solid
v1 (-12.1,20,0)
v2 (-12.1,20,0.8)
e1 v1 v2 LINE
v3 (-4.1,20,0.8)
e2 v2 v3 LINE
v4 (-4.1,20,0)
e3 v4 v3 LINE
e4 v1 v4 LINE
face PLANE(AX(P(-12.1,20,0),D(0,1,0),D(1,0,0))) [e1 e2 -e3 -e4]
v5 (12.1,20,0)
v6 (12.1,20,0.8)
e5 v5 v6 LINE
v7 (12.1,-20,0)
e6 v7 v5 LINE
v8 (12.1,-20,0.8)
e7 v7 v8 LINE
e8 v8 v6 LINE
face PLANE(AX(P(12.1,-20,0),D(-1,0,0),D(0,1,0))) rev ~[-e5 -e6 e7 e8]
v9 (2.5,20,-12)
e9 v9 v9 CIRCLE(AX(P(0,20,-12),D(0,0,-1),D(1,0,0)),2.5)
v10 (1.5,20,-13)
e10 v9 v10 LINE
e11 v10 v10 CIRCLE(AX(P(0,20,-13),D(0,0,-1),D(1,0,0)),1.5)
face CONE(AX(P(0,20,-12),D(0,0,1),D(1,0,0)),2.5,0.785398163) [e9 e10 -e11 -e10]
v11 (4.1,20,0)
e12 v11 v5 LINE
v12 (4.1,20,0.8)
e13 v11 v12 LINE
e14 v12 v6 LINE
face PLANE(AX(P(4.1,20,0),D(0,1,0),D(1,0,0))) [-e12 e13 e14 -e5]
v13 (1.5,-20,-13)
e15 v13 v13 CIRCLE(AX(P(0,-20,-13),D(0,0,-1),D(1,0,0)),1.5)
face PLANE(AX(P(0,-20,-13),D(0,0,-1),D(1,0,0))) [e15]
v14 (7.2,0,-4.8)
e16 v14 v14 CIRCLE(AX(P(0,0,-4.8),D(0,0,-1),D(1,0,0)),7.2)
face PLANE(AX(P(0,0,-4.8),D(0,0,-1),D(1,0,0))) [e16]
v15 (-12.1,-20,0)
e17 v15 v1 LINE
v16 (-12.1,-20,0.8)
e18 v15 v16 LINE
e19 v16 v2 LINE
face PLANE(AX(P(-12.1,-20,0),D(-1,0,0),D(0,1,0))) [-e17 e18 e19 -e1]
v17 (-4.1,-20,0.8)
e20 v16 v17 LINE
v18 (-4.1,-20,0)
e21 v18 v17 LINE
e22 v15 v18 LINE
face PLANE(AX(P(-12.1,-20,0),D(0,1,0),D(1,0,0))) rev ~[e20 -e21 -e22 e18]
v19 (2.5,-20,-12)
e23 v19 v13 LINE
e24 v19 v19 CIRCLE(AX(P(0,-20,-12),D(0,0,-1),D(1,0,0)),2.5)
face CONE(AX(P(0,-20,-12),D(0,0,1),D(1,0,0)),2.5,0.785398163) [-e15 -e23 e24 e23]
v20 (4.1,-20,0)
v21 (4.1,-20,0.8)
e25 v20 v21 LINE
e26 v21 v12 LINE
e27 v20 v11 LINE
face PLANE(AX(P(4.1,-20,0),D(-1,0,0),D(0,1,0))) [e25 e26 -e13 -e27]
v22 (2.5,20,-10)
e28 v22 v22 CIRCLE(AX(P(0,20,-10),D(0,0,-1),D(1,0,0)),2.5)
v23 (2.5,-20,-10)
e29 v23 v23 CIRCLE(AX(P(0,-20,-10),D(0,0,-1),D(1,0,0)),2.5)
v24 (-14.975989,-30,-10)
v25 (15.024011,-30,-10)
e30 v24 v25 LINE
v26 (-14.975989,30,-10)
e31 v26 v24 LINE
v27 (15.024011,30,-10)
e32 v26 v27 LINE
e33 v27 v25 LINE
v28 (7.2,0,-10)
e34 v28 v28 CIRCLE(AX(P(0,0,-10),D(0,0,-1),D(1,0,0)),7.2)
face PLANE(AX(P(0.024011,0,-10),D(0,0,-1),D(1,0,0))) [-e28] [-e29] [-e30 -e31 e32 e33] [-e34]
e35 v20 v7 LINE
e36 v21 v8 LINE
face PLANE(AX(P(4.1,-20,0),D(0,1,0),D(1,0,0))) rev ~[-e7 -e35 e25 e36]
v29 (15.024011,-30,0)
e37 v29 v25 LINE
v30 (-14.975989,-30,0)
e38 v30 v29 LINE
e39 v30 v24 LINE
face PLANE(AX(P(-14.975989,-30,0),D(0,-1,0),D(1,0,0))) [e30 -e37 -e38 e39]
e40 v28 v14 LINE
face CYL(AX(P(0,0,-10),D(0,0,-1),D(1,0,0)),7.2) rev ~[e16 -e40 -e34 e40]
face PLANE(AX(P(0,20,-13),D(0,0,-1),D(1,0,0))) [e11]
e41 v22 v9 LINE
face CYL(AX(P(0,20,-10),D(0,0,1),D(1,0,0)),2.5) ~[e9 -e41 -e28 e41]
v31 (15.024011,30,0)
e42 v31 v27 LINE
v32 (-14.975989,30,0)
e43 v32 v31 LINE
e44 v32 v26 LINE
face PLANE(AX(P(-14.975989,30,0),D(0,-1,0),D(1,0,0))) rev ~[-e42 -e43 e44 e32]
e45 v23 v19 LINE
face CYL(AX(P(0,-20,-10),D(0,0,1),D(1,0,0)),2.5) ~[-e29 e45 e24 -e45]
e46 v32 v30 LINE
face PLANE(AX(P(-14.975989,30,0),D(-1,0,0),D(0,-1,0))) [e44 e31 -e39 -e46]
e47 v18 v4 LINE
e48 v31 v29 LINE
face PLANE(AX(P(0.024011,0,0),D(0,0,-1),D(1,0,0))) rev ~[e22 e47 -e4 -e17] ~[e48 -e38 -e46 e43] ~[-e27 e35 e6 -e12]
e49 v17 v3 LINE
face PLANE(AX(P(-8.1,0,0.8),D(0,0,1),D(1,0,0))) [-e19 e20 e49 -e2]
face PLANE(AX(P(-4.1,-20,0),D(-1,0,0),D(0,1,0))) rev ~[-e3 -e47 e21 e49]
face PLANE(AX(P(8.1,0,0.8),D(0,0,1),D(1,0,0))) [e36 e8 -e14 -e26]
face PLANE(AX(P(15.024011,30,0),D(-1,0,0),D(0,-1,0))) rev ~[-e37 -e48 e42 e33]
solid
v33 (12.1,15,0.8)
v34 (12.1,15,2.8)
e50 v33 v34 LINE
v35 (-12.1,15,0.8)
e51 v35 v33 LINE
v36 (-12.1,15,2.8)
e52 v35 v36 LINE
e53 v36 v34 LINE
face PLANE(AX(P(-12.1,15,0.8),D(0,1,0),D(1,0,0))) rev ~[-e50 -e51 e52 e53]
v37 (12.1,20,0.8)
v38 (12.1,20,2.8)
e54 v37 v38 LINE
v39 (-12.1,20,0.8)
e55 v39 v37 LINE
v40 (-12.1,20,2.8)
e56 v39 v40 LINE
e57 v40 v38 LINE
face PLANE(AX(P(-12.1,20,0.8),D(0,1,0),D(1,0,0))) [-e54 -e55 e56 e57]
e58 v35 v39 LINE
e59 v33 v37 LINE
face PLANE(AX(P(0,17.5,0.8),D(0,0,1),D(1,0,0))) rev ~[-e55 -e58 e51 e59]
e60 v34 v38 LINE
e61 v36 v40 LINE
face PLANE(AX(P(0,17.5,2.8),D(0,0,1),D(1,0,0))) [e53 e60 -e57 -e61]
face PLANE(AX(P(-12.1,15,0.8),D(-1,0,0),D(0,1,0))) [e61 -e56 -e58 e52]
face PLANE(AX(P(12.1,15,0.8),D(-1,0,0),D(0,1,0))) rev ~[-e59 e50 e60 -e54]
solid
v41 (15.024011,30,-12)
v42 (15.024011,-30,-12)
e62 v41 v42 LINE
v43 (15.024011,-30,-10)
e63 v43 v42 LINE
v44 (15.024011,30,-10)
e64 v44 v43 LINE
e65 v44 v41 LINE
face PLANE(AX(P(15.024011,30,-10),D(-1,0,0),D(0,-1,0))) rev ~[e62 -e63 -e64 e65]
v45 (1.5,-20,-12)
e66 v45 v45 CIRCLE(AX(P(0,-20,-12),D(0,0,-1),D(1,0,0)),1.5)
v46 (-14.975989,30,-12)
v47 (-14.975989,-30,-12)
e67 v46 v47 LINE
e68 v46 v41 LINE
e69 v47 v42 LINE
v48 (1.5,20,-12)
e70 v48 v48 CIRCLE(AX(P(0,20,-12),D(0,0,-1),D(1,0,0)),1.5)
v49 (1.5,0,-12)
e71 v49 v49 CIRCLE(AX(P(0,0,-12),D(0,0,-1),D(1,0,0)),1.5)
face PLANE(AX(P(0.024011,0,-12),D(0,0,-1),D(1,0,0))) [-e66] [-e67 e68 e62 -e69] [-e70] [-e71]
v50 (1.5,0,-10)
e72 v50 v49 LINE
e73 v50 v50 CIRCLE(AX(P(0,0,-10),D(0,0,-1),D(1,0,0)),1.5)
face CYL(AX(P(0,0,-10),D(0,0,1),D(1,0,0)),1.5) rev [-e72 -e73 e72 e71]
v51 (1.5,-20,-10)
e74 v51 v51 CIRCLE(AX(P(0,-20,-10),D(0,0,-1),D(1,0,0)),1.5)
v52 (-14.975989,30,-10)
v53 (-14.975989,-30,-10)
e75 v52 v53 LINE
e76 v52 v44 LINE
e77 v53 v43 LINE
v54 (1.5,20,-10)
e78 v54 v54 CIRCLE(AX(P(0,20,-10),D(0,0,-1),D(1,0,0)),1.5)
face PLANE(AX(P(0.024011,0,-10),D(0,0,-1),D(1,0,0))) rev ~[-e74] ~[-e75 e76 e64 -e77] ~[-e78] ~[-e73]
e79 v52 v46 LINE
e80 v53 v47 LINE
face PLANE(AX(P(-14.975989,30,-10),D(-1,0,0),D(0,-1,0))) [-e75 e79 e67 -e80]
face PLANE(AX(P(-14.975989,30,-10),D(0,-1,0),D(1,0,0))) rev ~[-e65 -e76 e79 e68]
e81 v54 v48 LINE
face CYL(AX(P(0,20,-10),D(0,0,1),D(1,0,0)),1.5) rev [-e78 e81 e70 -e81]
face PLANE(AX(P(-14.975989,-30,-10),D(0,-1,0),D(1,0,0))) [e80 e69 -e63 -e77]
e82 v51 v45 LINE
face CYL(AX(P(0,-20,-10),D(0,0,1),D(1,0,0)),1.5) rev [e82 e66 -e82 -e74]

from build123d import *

# Parameters (mm, degrees)
F0_W      = 8
F0_H      = 40
F1_DEPTH  = 0.8
F2_W      = 30
F2_H      = 60
F3_DEPTH  = 10
F4_W      = 24.2
F4_H      = 5
F5_DEPTH  = 2
F6_R      = 7.2
F7_DEPTH  = 5.2
F8_R      = 2.5
F9_DEPTH  = 3
F10_SIZE  = 1
F11_W     = 30
F11_H     = 60
F11_R     = 1.5
F12_DEPTH = 2


with BuildPart() as f1:
    # F0 (on Top) → F1 (new body)
    with BuildSketch(Plane.XY):
        with Locations((-8.1, 0)):
            Rectangle(F0_W, F0_H)
        with Locations((8.1, 0)):
            Rectangle(F0_W, F0_H)
    extrude(amount=F1_DEPTH)

    # F2 (on face) → F3 (join)
    with BuildSketch(Plane(origin=(0, 0, 0), x_dir=(1, 0, 0), z_dir=(0, 0, -1))):
        with Locations((0.024011, 0)):
            Rectangle(F2_W, F2_H)
    extrude(amount=F3_DEPTH)

    # F6 (on face) → F7 (cut)
    with BuildSketch(Plane(origin=(0, 0, -10), x_dir=(1, 0, 0), z_dir=(0, 0, -1))):
        Circle(F6_R)
    extrude(amount=-F7_DEPTH, mode=Mode.SUBTRACT)

    # F8 (on face) → F9 (join)
    with BuildSketch(Plane(origin=(0, 0, -10), x_dir=(1, 0, 0), z_dir=(0, 0, -1))):
        with Locations((0, 20)):
            Circle(F8_R)
        with Locations((0, -20)):
            Circle(F8_R)
    extrude(amount=F9_DEPTH)

    # F10
    f10_edges = [f1.edges().sort_by_distance(p)[0] for p in [
        (-2.5, -20, -13),
        (-2.5, 20, -13),
    ]]
    chamfer(f10_edges, length=F10_SIZE)


with BuildPart() as f5:
    # F4 (on face) → F5 (new body)
    with BuildSketch(Plane.XY.offset(0.8)):
        with Locations((0, 17.5)):
            Rectangle(F4_W, F4_H)
    extrude(amount=F5_DEPTH)


with BuildPart() as f12:
    # F11 (on face) → F12 (new body)
    with BuildSketch(Plane(origin=(0, 0, -10), x_dir=(1, 0, 0), z_dir=(0, 0, -1))):
        with Locations((0.024011, 0)):
            Rectangle(F11_W, F11_H)
        with Locations((0, -20)):
            Circle(F11_R, mode=Mode.SUBTRACT)
        Circle(F11_R, mode=Mode.SUBTRACT)
        with Locations((0, 20)):
            Circle(F11_R, mode=Mode.SUBTRACT)
    extrude(amount=F12_DEPTH)


solid = Compound([f1.part, f5.part, f12.part])
